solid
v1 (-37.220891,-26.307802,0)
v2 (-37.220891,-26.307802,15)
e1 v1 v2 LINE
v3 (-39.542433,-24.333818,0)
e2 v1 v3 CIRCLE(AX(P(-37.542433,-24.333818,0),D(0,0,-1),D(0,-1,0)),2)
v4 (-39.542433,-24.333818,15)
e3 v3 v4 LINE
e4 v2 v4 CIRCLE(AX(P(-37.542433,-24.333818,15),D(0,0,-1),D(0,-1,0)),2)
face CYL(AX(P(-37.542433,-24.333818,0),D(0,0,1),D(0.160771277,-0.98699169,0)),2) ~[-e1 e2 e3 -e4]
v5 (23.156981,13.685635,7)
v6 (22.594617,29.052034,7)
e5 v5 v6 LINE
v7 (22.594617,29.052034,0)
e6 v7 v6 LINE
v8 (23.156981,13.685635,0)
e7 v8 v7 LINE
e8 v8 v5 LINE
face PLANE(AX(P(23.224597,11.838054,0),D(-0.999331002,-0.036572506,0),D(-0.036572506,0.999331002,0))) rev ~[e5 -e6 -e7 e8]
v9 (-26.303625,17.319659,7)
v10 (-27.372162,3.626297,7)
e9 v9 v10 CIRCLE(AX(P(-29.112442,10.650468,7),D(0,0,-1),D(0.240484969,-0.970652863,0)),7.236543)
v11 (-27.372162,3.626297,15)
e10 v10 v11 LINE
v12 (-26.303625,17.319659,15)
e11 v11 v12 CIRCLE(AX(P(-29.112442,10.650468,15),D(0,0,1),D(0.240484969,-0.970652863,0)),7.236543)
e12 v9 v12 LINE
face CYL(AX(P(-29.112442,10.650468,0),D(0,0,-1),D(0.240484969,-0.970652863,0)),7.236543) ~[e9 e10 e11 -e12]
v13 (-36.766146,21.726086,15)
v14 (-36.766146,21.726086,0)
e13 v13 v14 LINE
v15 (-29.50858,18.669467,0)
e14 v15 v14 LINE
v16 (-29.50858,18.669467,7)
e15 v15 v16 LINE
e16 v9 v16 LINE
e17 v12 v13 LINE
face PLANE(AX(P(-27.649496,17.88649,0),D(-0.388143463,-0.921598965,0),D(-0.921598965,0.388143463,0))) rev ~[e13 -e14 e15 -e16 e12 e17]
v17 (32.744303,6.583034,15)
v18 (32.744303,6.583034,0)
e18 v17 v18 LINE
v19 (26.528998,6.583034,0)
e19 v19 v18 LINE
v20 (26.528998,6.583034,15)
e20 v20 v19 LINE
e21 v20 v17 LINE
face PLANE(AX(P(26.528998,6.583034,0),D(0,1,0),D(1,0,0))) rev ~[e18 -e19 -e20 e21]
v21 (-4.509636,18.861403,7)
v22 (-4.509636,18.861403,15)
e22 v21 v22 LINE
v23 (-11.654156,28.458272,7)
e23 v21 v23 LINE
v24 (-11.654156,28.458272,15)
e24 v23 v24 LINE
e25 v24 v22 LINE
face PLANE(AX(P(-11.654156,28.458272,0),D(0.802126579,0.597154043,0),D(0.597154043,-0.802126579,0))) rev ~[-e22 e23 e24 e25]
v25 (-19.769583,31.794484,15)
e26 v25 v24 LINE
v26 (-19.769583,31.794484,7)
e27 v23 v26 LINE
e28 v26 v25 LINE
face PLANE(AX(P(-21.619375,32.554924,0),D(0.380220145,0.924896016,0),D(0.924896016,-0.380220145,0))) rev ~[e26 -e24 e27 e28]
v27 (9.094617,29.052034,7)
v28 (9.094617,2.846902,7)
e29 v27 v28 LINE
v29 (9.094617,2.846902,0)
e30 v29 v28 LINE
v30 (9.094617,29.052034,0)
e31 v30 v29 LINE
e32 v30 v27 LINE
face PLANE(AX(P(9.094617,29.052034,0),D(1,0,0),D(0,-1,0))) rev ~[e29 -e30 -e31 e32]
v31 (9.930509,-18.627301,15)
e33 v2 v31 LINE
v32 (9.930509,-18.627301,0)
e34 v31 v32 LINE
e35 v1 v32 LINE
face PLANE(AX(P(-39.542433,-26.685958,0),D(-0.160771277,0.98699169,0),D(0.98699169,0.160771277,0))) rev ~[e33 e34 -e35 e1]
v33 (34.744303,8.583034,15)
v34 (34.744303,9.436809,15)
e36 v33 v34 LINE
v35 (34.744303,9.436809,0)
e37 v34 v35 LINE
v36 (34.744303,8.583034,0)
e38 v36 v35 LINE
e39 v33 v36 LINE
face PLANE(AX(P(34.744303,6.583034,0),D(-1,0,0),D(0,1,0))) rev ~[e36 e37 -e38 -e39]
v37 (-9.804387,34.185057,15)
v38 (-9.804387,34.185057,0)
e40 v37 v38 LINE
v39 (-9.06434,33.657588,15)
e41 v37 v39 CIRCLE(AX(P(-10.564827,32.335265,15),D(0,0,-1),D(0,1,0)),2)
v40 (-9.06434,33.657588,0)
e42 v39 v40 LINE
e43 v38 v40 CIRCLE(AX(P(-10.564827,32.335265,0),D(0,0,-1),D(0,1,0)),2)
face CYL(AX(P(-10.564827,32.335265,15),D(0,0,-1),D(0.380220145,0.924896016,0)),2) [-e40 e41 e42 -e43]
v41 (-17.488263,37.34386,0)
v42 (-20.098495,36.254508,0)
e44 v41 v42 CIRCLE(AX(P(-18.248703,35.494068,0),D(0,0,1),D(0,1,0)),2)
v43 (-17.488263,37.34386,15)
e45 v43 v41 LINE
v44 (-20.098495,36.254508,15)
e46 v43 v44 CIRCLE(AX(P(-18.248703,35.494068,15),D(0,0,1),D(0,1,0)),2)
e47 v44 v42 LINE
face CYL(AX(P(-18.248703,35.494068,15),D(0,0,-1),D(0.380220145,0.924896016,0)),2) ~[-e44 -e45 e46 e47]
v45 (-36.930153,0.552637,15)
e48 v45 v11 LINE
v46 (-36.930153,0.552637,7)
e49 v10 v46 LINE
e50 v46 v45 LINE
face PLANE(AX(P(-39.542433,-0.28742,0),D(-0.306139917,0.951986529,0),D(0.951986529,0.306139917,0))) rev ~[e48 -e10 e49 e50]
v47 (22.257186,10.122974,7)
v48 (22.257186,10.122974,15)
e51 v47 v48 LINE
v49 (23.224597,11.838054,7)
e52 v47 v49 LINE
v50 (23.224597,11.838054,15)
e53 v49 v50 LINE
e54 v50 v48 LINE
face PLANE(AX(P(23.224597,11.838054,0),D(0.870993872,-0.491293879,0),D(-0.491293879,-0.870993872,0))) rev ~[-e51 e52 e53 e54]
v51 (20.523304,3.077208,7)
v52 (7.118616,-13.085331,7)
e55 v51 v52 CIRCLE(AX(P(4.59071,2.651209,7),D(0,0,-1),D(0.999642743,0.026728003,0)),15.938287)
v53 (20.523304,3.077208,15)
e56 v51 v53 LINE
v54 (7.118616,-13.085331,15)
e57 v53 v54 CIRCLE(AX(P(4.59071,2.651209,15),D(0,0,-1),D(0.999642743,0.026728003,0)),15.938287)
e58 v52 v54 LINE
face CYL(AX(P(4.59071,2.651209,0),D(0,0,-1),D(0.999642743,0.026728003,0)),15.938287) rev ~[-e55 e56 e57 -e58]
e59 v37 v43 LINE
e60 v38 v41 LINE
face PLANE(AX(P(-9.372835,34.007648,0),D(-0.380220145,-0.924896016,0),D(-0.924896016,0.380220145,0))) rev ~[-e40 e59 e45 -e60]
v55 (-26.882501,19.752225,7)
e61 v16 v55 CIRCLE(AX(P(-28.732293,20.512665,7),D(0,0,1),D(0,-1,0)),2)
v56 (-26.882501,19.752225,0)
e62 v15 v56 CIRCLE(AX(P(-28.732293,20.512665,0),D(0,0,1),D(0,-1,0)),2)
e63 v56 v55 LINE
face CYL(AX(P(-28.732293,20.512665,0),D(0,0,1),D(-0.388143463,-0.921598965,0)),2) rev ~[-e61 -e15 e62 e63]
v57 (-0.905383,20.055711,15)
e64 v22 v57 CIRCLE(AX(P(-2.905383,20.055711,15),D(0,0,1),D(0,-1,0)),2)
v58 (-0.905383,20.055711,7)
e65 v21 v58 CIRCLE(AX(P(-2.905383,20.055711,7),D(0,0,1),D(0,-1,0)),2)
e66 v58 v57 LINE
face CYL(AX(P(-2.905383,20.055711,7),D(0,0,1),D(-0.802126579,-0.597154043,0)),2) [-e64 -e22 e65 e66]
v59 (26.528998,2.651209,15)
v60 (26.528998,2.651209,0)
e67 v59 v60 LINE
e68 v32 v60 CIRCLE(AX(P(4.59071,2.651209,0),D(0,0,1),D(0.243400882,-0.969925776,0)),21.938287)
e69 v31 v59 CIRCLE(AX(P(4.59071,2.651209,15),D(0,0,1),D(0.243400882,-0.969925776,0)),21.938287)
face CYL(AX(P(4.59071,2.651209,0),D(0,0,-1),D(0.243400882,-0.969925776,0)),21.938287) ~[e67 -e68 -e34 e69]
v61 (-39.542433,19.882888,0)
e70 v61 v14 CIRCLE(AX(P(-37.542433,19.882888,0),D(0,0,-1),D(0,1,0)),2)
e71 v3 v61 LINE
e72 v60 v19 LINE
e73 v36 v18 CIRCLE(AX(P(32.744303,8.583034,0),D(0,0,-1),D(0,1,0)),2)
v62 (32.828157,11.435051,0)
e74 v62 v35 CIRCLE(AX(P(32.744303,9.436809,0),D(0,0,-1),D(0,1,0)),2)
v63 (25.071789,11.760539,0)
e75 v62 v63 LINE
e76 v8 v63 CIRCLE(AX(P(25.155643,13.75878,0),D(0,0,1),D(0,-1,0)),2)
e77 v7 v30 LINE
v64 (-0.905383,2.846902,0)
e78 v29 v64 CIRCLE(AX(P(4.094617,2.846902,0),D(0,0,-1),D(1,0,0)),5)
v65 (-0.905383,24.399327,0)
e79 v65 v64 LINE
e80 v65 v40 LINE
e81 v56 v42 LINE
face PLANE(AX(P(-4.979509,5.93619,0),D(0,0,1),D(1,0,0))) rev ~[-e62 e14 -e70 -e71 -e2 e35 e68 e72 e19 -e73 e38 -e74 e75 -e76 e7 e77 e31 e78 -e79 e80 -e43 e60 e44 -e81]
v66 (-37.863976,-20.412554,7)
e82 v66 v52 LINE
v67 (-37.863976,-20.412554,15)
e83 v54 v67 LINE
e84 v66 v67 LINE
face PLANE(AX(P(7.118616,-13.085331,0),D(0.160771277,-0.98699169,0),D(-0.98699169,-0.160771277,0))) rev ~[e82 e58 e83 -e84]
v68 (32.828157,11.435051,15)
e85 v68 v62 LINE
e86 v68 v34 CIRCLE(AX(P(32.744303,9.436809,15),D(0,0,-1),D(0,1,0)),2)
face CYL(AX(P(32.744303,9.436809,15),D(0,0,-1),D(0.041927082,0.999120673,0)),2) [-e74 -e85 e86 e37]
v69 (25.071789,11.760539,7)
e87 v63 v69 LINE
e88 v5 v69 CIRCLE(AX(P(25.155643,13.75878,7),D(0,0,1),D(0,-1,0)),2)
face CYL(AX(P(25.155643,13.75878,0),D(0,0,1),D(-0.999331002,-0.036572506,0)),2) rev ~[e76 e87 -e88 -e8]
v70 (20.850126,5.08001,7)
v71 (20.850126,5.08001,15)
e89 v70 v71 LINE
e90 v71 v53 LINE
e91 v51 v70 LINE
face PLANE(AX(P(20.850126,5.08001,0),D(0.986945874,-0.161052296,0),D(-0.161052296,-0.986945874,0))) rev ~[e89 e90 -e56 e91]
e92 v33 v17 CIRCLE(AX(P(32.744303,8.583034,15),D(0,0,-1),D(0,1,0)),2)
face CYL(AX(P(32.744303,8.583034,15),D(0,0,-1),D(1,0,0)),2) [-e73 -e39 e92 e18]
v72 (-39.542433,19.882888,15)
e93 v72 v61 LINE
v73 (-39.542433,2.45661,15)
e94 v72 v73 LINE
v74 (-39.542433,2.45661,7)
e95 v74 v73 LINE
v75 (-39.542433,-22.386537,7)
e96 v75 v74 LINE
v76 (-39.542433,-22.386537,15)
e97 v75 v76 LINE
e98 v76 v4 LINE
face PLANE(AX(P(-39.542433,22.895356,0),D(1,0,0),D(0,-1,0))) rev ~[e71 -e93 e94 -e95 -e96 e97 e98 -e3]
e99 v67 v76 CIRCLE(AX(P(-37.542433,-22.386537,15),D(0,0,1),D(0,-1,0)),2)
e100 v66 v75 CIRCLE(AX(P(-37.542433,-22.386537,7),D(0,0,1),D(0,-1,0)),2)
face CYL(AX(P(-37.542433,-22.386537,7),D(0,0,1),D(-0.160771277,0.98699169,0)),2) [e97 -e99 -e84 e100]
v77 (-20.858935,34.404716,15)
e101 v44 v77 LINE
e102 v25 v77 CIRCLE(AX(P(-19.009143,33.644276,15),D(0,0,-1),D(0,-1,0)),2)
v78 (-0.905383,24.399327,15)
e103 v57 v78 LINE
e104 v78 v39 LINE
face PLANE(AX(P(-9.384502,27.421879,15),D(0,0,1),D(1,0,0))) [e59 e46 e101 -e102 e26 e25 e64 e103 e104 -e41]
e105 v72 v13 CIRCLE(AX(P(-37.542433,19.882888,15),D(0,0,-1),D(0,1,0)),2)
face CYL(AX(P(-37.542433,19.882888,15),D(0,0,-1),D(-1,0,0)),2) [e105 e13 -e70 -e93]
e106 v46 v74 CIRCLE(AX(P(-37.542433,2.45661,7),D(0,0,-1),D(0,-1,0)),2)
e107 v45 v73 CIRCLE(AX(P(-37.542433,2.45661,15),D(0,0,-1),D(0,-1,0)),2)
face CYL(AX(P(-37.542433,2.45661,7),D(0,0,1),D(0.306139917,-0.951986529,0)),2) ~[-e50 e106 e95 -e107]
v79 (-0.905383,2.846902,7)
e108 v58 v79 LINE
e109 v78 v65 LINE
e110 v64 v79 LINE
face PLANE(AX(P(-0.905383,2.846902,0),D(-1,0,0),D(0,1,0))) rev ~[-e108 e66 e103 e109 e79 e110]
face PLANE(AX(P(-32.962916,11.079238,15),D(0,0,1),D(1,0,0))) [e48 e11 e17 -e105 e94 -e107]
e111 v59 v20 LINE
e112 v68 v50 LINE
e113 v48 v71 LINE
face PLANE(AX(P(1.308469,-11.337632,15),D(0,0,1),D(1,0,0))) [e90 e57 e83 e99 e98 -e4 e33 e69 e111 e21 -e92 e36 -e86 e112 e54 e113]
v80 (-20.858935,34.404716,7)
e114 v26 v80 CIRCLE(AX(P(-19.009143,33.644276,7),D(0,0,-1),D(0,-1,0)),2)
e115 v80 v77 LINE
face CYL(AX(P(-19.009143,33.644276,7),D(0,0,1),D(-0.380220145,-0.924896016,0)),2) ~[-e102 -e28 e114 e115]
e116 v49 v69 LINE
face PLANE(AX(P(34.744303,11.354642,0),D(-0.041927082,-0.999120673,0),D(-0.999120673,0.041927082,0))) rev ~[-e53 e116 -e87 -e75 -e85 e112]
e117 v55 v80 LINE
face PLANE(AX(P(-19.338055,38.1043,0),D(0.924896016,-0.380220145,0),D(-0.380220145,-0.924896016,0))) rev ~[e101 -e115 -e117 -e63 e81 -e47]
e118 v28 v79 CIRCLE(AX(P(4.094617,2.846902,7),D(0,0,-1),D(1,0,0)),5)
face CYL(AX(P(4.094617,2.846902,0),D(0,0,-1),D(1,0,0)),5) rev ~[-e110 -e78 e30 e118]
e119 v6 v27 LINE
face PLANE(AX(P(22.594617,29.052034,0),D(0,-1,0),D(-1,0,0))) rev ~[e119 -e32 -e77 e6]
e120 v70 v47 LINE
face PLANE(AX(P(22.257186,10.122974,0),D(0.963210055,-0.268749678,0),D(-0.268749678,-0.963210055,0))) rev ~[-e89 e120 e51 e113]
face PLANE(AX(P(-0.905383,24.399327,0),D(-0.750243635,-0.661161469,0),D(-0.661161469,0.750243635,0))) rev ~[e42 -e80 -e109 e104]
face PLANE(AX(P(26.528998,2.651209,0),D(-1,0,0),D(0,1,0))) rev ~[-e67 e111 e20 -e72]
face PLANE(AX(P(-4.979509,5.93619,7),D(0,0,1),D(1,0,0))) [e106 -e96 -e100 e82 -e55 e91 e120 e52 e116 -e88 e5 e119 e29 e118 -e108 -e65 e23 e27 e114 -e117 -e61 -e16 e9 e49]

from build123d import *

# Parameters (mm, degrees)
BOSS_EXTRUDE2_DEPTH = 7
BOSS_EXTRUDE3_DEPTH = 15
FILLET1_R           = 2


with BuildPart() as part:
    # Sketch1 → Boss-Extrude2 (new body)
    with BuildSketch(Plane.XY):
        with BuildLine():
            Line((-0.9053830432367259, 24.399326740540857), (-9.372834944506629, 34.00764813303465))
            Line((-9.372834944506627, 34.00764813303465), (-19.338054555793107, 38.10430027910595))
            Line((-19.338054555793107, 38.10430027910595), (-27.64949584669558, 17.88648954074799))
            Line((-27.64949584669558, 17.886489540747988), (-39.54243331524863, 22.895355765149752))
            Line((-39.54243331524863, 22.895355765149752), (-39.54243331524862, -26.68595837588142))
            Line((-39.54243331524862, -26.68595837588142), (9.930508904802714, -18.62730077710855))
            ThreePointArc((9.930508904802696, -18.62730077710854), (21.888607340272763, -10.842166970276782), (26.528997575110665, 2.651209369657105))
            Line((26.528997575110658, 2.6512093696571015), (26.528997575110658, 6.583034036121315))
            Line((26.528997575110658, 6.583034036121315), (34.74430312273597, 6.583034036121314))
            Line((34.74430312273597, 6.583034036121314), (34.74430312273597, 11.35464156582886))
            Line((34.74430312273597, 11.35464156582886), (23.22459679983159, 11.838054320739976))
            Line((23.22459679983159, 11.838054320739976), (22.59461695676328, 29.0520343287084))
            Line((22.59461695676328, 29.052034328708398), (9.094616956763277, 29.052034328708398))
            Line((9.094616956763277, 29.052034328708398), (9.094616956763272, 2.8469015838410883))
            ThreePointArc((9.094616956763272, 2.846901583841089), (4.094616956763275, -2.153098416158908), (-0.9053830432367223, 2.8469015838410887))
            Line((-0.905383043236724, 2.846901583841089), (-0.9053830432367259, 24.399326740540857))
        make_face()
    extrude(amount=BOSS_EXTRUDE2_DEPTH)

    # Sketch1<7> → Boss-Extrude3 (add)
    with BuildSketch(Plane.XY):
        Polygon((-0.9053830432367259, 14.019993611037982), (-0.9053830432367259, 24.399326740540857), (-9.372834944506629, 34.00764813303465), (-19.338054555793107, 38.10430027910595), (-21.61937542853537, 32.55492418123779), (-11.654155817248892, 28.458272035166488), align=None)
        with BuildLine():
            Line((7.118615678125689, -13.085330635476566), (-39.542433315248616, -20.685958375881416))
            Line((-39.54243331524862, -20.685958375881416), (-39.54243331524862, -26.68595837588142))
            Line((-39.54243331524862, -26.68595837588142), (9.930508904802714, -18.62730077710855))
            ThreePointArc((9.930508904802696, -18.62730077710854), (21.888607340272763, -10.842166970276782), (26.528997575110665, 2.651209369657105))
            Line((26.528997575110658, 2.6512093696571015), (26.528997575110658, 6.583034036121315))
            Line((26.528997575110658, 6.583034036121315), (34.74430312273597, 6.583034036121314))
            Line((34.74430312273597, 6.583034036121314), (34.74430312273597, 11.35464156582886))
            Line((34.74430312273597, 11.35464156582886), (23.22459679983159, 11.838054320739976))
            Line((23.224596799831595, 11.838054320739976), (22.25718626662765, 10.122973627008314))
            Line((22.25718626662765, 10.122973627008314), (20.85012579434564, 5.080010210629205))
            Line((20.85012579434564, 5.080010210629205), (20.52330351237285, 3.0772079508363284))
            ThreePointArc((20.523303512372856, 3.0772079508363284), (16.858734444980243, -7.523493754122956), (7.118615678125689, -13.085330635476565))
        make_face()
        with BuildLine():
            Line((-39.54243331524863, 22.895355765149752), (-39.54243331524863, -0.28742000905455))
            Line((-39.54243331524863, -0.28742000905455356), (-27.372162273437738, 3.6262968896541157))
            ThreePointArc((-27.372162273437734, 3.6262968896540997), (-21.8978313295958, 10.087488754460773), (-26.30362524162322, 17.319658525787453))
            Line((-26.30362524162322, 17.319658525787453), (-39.54243331524863, 22.895355765149752))
        make_face()
    extrude(amount=BOSS_EXTRUDE3_DEPTH)

    # Fillet1
    fillet1_edges = [part.edges().sort_by_distance(p)[0] for p in [
        (-39.542433315248616, -20.685958375881416, 11),
        (-39.54243331524863, -0.2874200090545518, 11),
        (-39.54243331524862, -26.68595837588142, 7.5),
        (34.74430312273597, 6.583034036121314, 7.5),
        (34.74430312273597, 11.35464156582886, 7.5),
        (-0.9053830432367262, 14.019993611037982, 11),
        (-21.61937542853537, 32.55492418123779, 11),
        (-19.338054555793107, 38.10430027910595, 7.5),
        (-39.54243331524863, 22.895355765149752, 7.5),
        (-27.64949584669558, 17.886489540747988, 3.5),
        (23.22459679983159, 11.838054320739976, 3.5),
        (-9.372834944506629, 34.00764813303465, 7.5),
    ]]
    fillet(fillet1_edges, radius=FILLET1_R)


solid = part.part
